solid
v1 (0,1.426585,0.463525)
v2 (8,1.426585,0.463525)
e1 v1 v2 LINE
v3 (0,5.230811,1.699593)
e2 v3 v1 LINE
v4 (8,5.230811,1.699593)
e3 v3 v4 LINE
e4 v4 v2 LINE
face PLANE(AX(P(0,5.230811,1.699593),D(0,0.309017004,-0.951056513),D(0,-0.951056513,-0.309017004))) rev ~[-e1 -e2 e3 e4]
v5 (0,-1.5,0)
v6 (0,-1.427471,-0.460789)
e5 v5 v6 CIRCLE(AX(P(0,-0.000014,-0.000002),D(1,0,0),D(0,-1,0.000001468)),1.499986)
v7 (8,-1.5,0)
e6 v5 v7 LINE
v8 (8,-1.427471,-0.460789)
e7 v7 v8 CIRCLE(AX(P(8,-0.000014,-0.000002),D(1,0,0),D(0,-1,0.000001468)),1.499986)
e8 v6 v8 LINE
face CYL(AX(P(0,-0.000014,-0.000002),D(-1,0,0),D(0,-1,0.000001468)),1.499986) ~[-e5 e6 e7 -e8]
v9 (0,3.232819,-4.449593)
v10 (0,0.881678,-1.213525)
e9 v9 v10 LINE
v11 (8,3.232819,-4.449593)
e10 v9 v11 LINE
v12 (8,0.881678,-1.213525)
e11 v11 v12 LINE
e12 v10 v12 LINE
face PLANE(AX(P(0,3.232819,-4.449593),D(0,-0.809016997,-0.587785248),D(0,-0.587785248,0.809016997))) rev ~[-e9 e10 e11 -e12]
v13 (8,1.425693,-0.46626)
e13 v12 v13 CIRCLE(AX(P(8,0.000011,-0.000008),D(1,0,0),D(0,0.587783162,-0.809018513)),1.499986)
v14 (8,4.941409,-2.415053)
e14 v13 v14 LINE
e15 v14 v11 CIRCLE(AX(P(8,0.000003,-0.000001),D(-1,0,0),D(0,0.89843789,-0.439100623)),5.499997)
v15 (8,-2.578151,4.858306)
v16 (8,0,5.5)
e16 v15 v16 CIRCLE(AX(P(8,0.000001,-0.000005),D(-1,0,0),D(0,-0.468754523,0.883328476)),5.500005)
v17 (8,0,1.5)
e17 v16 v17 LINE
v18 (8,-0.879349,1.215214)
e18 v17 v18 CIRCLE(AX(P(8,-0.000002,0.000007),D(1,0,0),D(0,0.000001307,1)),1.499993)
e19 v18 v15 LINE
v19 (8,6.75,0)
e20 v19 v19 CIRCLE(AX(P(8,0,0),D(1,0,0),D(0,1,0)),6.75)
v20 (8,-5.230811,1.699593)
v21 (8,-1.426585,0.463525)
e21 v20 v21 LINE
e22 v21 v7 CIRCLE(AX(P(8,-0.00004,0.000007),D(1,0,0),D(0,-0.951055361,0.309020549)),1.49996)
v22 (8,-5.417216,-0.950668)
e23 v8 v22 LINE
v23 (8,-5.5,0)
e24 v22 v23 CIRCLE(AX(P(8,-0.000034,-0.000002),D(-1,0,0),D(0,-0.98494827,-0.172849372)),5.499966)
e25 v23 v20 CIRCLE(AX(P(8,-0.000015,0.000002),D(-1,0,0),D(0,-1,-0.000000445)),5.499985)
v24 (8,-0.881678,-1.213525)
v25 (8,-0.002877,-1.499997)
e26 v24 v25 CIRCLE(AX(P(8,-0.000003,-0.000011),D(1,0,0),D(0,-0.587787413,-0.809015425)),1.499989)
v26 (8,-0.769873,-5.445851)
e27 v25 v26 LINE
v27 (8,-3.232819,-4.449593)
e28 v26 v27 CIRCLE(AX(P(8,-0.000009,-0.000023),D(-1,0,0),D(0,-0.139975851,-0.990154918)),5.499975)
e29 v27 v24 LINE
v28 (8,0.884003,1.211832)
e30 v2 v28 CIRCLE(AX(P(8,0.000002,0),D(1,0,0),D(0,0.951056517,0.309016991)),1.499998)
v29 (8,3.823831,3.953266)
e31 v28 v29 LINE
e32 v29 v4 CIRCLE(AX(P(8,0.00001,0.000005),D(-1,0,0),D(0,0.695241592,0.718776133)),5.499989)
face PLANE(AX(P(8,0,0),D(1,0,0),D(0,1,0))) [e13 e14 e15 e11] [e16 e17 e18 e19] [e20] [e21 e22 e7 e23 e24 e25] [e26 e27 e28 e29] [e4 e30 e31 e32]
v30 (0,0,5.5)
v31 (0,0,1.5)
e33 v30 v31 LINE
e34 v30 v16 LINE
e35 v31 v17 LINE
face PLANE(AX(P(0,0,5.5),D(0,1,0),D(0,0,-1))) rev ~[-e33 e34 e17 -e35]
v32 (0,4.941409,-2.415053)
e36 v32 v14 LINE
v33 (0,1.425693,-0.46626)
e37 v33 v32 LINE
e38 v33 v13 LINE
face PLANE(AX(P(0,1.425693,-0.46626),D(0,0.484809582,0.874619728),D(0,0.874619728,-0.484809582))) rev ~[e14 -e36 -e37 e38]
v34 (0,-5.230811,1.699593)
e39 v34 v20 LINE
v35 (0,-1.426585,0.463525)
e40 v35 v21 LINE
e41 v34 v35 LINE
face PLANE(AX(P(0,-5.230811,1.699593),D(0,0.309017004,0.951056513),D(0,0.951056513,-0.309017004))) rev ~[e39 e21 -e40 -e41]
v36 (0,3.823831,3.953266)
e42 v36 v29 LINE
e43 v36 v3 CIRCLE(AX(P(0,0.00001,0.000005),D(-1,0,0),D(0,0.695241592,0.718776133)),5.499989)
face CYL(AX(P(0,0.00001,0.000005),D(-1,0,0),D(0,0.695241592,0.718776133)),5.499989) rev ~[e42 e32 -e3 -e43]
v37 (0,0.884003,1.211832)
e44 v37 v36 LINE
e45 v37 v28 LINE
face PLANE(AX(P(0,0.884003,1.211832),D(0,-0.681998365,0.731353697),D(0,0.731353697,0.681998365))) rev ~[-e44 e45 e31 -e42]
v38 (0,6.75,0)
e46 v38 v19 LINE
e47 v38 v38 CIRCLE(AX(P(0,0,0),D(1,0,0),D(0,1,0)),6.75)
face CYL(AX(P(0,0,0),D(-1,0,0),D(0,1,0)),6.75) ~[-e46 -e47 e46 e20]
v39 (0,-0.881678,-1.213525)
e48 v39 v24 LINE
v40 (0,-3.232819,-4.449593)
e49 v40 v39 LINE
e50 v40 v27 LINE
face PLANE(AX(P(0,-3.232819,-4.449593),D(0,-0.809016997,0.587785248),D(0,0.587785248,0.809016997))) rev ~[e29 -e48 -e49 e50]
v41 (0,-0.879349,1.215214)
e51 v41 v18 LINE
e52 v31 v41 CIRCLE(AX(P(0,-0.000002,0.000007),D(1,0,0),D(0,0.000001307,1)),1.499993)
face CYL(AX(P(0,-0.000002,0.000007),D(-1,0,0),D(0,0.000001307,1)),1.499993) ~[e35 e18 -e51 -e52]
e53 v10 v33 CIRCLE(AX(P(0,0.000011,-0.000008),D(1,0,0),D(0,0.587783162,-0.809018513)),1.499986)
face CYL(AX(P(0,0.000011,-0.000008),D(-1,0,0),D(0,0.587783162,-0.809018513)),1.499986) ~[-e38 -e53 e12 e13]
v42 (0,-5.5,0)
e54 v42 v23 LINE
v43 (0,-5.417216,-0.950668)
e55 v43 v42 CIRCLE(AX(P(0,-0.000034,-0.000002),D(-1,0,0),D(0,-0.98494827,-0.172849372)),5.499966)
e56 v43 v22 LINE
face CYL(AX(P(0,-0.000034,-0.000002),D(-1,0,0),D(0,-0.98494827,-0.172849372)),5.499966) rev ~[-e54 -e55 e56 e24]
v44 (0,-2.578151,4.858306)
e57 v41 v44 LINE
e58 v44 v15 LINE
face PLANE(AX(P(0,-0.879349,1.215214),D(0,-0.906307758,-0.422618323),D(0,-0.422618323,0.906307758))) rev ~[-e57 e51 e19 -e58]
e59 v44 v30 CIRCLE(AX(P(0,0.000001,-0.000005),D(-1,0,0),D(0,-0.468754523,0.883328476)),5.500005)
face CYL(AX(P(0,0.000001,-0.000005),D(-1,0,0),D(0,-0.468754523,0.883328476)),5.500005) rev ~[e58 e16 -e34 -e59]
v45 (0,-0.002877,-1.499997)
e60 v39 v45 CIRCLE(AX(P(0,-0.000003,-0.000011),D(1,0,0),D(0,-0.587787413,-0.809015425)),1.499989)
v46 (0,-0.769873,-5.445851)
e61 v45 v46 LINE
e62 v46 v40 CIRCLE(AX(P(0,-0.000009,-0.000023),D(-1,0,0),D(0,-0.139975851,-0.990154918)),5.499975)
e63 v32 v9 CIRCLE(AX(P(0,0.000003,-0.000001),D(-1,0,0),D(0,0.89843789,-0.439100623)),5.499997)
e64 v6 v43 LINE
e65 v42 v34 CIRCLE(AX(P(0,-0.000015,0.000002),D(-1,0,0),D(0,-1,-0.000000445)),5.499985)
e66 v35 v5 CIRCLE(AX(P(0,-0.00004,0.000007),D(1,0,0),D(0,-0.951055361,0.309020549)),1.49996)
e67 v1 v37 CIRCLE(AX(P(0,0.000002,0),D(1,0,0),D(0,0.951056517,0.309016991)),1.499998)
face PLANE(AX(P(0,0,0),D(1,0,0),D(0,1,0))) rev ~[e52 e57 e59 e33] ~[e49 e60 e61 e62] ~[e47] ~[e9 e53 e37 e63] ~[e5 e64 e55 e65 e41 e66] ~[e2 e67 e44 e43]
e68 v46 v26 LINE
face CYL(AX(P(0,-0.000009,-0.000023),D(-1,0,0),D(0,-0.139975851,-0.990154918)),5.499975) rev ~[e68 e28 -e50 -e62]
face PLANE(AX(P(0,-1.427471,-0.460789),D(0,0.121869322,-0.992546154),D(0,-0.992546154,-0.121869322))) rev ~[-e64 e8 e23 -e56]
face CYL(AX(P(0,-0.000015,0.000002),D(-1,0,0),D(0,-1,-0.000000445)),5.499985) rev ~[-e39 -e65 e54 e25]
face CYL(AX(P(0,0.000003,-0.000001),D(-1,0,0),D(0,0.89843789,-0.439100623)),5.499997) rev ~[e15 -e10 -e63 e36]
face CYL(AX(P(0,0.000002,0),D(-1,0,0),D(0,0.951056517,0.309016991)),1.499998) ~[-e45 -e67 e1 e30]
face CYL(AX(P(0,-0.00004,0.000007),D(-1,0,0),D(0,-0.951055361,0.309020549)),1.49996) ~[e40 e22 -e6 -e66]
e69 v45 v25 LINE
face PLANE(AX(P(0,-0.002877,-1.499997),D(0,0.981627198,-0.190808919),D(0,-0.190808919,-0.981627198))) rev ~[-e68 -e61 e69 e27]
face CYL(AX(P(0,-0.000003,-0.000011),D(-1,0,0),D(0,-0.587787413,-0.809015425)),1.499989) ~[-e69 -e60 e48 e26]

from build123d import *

# Parameters (mm, degrees)
F0_R     = 6.75
F1_DEPTH = 8
F3_DEPTH = 8


with BuildPart() as f1:
    # F0 (on Right) → F1 (new body)
    with BuildSketch(Plane.YZ):
        Circle(F0_R)
    extrude(amount=F1_DEPTH)

    # F2 (on face) → F3 (cut)
    with BuildSketch(Plane(origin=(0, 0, 0), x_dir=(0, -1, 0), z_dir=(-1, 0, 0))):
        with BuildLine():
            ThreePointArc((-1.426585, 0.463525), (-1.21437, 0.880514), (-0.884003, 1.211832))
            Line((-0.884003, 1.211832), (-3.823831, 3.953266))
            ThreePointArc((-3.823831, 3.953266), (-4.665447, 2.912663), (-5.230811, 1.699593))
            Line((-5.230811, 1.699593), (-1.426585, 0.463525))
        make_face()
        with BuildLine():
            ThreePointArc((0, 1.5), (0.462157, 1.427029), (0.879349, 1.215214))
            Line((0.879349, 1.215214), (2.578151, 4.858306))
            ThreePointArc((2.578151, 4.858306), (1.328404, 5.337166), (0, 5.5))
            Line((0, 5.5), (0, 1.5))
        make_face()
        with BuildLine():
            ThreePointArc((1.426585, 0.463525), (1.481533, 0.234652), (1.5, 0))
            ThreePointArc((1.5, 0), (1.481757, -0.233231), (1.427471, -0.460789))
            Line((1.427471, -0.460789), (5.417216, -0.950668))
            ThreePointArc((5.417216, -0.950668), (5.479265, -0.477133), (5.5, 0))
            ThreePointArc((5.5, 0), (5.432286, 0.86039), (5.230811, 1.699593))
            Line((5.230811, 1.699593), (1.426585, 0.463525))
        make_face()
        with BuildLine():
            Line((3.232819, -4.449593), (0.881678, -1.213525))
            ThreePointArc((0.881678, -1.213525), (0.464893, -1.42614), (0.002877, -1.499997))
            Line((0.002877, -1.499997), (0.769873, -5.445851))
            ThreePointArc((0.769873, -5.445851), (2.062406, -5.098675), (3.232819, -4.449593))
        make_face()
        with BuildLine():
            Line((-3.232819, -4.449593), (-0.881678, -1.213525))
            ThreePointArc((-0.881678, -1.213525), (-1.21268, -0.882841), (-1.425693, -0.46626))
            Line((-1.425693, -0.46626), (-4.941409, -2.415053))
            ThreePointArc((-4.941409, -2.415053), (-4.211809, -3.537042), (-3.232819, -4.449593))
        make_face()
    extrude(amount=-F3_DEPTH, mode=Mode.SUBTRACT)


solid = f1.part
